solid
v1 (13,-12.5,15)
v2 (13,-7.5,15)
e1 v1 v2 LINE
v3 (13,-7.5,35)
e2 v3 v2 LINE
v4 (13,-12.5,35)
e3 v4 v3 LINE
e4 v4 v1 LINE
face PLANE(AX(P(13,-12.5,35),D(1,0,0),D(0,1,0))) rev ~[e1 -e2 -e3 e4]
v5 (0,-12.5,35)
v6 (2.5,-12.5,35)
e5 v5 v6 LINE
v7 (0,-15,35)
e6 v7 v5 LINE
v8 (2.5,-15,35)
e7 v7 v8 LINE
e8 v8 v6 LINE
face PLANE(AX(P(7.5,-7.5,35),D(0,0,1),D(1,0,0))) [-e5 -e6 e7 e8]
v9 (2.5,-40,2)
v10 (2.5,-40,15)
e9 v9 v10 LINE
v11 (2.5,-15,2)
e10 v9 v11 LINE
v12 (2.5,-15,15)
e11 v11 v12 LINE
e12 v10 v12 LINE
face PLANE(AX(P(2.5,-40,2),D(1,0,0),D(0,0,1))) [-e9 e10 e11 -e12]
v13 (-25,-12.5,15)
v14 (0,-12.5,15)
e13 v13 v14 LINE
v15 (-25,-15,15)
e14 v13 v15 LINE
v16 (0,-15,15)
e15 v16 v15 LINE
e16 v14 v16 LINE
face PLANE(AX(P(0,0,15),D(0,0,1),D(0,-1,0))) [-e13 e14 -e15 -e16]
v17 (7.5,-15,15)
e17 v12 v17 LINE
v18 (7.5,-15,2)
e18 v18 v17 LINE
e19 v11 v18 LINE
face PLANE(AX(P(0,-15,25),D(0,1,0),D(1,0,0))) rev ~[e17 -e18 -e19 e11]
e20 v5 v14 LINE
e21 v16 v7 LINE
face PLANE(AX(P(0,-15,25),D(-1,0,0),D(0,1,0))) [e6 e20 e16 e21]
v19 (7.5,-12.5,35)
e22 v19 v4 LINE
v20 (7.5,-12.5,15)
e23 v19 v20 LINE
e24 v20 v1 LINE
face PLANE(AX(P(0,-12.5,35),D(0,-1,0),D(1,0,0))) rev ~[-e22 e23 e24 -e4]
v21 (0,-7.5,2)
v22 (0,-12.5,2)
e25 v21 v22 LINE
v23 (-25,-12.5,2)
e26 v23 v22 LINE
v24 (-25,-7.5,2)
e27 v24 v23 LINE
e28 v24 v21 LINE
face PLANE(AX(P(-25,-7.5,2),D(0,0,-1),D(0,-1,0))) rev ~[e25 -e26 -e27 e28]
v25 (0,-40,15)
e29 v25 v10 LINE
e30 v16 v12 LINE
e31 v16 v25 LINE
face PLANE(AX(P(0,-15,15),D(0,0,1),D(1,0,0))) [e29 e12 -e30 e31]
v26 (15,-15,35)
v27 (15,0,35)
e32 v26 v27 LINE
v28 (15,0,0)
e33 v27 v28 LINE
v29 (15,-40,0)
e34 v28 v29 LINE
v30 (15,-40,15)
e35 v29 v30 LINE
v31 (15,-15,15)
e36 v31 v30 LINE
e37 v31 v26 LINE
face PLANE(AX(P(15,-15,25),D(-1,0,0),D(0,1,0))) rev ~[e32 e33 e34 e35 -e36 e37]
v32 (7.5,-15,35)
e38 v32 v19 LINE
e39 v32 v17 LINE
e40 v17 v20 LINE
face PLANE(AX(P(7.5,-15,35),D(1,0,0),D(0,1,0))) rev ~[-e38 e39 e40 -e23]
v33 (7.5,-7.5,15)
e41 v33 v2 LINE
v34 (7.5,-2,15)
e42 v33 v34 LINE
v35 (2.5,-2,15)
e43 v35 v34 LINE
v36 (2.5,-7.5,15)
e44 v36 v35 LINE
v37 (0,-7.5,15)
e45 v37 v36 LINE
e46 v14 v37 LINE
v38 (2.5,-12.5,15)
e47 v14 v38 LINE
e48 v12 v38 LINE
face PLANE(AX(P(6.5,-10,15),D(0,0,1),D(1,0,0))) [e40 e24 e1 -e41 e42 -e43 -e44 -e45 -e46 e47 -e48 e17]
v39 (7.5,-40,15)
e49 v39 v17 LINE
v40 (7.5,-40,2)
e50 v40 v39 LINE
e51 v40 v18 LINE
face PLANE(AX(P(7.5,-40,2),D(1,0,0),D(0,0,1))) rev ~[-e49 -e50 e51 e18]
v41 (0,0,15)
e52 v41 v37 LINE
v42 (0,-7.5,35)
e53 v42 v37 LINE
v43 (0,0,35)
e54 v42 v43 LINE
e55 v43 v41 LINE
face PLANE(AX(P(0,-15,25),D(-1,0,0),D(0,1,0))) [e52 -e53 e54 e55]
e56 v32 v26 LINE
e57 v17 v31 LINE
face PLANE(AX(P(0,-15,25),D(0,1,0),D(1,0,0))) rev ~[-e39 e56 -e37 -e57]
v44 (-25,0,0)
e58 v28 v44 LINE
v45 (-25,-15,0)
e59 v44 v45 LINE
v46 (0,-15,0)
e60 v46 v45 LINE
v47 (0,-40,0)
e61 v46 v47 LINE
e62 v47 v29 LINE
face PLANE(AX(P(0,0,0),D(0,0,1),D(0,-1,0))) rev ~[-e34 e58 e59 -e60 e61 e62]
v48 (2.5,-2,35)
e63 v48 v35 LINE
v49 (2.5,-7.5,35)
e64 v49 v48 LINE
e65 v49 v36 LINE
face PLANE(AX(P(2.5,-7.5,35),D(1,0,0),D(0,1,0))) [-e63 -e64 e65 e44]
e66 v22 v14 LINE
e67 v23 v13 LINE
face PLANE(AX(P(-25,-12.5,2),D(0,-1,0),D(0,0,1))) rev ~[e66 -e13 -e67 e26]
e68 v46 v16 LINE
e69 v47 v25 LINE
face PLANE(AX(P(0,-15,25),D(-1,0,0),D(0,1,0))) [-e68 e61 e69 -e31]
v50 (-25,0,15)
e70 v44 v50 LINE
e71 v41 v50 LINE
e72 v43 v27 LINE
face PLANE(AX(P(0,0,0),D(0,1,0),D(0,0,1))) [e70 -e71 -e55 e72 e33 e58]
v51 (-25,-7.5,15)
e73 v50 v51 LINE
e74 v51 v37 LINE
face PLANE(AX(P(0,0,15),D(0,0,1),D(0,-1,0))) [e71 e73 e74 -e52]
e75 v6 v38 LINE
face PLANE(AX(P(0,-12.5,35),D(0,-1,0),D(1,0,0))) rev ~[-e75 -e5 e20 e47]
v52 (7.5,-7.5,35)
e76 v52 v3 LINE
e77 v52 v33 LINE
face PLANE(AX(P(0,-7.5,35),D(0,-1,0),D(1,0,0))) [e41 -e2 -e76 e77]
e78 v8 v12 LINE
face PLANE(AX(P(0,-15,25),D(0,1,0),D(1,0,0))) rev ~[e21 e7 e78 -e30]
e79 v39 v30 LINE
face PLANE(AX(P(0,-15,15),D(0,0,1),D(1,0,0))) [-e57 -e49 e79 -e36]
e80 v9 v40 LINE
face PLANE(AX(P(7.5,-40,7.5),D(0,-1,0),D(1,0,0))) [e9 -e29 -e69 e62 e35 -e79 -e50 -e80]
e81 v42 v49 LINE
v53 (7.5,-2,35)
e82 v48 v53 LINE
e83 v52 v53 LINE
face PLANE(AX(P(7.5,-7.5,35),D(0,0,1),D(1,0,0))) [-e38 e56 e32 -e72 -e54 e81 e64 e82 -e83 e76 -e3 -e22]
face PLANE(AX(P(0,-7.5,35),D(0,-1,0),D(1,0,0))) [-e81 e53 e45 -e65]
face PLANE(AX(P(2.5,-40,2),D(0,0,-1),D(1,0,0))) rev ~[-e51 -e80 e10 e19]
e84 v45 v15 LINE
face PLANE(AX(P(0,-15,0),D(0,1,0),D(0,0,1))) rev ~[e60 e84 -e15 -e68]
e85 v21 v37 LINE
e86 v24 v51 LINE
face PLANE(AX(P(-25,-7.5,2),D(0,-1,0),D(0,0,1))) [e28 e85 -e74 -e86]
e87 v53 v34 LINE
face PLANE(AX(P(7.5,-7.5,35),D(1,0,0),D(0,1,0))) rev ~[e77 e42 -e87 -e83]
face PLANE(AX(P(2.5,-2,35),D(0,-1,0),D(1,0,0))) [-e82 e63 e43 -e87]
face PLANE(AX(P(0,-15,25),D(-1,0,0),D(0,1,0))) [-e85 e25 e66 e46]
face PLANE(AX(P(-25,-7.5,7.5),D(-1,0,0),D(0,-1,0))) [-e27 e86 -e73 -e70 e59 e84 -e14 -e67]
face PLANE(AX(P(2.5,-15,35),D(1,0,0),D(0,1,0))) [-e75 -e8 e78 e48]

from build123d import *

# Parameters (mm, degrees)
F0_W      = 15
F0_H      = 15
F1_DEPTH  = 25
F2_W      = 15
F2_H      = 15
F3_DEPTH  = 25
F4_DEPTH  = 10
F5_W      = 15
F5_H      = 15
F6_DEPTH  = 25
F7_W      = 5
F7_H      = 13
F8_DEPTH  = 25
F9_W      = 13
F9_H      = 5
F10_DEPTH = 20
F11_W     = 5
F11_H     = 13
F12_DEPTH = 25
F13_W     = 5
F13_H     = 5.5
F13_H_2   = 2.5
F14_DEPTH = 20


with BuildPart() as f1:
    # F0 (on Top) → F1 (new body)
    with BuildSketch(Plane.XY):
        with Locations((7.5, -7.5)):
            Rectangle(F0_W, F0_H)
    extrude(amount=F1_DEPTH)

    # F2 (on face) → F3 (join)
    with BuildSketch(Plane.XZ.offset(15)):
        with Locations((7.5, 7.5)):
            Rectangle(F2_W, F2_H)
    extrude(amount=F3_DEPTH)

    # F4 (add): a face of the model
    f4_faces = [f1.faces().sort_by_distance(p)[0] for p in [
        (7.5, -7.5, 25),
    ]]
    extrude(f4_faces, amount=F4_DEPTH)

    # F5 (on face) → F6 (join)
    with BuildSketch(Plane(origin=(0, 0, 0), x_dir=(0, -1, 0), z_dir=(-1, 0, 0))):
        with Locations((7.5, 7.5)):
            Rectangle(F5_W, F5_H)
    extrude(amount=F6_DEPTH)

    # F7 (on face) → F8 (cut, through all)
    with BuildSketch(Plane(origin=(-25, 0, 0), x_dir=(0, -1, 0), z_dir=(-1, 0, 0))):
        with Locations((10, 8.5)):
            Rectangle(F7_W, F7_H)
    extrude(amount=-F8_DEPTH, mode=Mode.SUBTRACT)

    # F9 (on face) → F10 (cut, through all)
    with BuildSketch(Plane.XY.offset(35)):
        with Locations((6.5, -10)):
            Rectangle(F9_W, F9_H)
    extrude(amount=-F10_DEPTH, mode=Mode.SUBTRACT)

    # F11 (on face) → F12 (cut, through all)
    with BuildSketch(Plane.XZ.offset(40)):
        with Locations((5, 8.5)):
            Rectangle(F11_W, F11_H)
    extrude(amount=-F12_DEPTH, mode=Mode.SUBTRACT)

    # F13 (on face) → F14 (cut, through all)
    with BuildSketch(Plane.XY.offset(35)):
        with Locations((5, -4.75)):
            Rectangle(F13_W, F13_H)
        with Locations((5, -13.75)):
            Rectangle(F13_W, F13_H_2)
    extrude(amount=-F14_DEPTH, mode=Mode.SUBTRACT)


solid = f1.part
